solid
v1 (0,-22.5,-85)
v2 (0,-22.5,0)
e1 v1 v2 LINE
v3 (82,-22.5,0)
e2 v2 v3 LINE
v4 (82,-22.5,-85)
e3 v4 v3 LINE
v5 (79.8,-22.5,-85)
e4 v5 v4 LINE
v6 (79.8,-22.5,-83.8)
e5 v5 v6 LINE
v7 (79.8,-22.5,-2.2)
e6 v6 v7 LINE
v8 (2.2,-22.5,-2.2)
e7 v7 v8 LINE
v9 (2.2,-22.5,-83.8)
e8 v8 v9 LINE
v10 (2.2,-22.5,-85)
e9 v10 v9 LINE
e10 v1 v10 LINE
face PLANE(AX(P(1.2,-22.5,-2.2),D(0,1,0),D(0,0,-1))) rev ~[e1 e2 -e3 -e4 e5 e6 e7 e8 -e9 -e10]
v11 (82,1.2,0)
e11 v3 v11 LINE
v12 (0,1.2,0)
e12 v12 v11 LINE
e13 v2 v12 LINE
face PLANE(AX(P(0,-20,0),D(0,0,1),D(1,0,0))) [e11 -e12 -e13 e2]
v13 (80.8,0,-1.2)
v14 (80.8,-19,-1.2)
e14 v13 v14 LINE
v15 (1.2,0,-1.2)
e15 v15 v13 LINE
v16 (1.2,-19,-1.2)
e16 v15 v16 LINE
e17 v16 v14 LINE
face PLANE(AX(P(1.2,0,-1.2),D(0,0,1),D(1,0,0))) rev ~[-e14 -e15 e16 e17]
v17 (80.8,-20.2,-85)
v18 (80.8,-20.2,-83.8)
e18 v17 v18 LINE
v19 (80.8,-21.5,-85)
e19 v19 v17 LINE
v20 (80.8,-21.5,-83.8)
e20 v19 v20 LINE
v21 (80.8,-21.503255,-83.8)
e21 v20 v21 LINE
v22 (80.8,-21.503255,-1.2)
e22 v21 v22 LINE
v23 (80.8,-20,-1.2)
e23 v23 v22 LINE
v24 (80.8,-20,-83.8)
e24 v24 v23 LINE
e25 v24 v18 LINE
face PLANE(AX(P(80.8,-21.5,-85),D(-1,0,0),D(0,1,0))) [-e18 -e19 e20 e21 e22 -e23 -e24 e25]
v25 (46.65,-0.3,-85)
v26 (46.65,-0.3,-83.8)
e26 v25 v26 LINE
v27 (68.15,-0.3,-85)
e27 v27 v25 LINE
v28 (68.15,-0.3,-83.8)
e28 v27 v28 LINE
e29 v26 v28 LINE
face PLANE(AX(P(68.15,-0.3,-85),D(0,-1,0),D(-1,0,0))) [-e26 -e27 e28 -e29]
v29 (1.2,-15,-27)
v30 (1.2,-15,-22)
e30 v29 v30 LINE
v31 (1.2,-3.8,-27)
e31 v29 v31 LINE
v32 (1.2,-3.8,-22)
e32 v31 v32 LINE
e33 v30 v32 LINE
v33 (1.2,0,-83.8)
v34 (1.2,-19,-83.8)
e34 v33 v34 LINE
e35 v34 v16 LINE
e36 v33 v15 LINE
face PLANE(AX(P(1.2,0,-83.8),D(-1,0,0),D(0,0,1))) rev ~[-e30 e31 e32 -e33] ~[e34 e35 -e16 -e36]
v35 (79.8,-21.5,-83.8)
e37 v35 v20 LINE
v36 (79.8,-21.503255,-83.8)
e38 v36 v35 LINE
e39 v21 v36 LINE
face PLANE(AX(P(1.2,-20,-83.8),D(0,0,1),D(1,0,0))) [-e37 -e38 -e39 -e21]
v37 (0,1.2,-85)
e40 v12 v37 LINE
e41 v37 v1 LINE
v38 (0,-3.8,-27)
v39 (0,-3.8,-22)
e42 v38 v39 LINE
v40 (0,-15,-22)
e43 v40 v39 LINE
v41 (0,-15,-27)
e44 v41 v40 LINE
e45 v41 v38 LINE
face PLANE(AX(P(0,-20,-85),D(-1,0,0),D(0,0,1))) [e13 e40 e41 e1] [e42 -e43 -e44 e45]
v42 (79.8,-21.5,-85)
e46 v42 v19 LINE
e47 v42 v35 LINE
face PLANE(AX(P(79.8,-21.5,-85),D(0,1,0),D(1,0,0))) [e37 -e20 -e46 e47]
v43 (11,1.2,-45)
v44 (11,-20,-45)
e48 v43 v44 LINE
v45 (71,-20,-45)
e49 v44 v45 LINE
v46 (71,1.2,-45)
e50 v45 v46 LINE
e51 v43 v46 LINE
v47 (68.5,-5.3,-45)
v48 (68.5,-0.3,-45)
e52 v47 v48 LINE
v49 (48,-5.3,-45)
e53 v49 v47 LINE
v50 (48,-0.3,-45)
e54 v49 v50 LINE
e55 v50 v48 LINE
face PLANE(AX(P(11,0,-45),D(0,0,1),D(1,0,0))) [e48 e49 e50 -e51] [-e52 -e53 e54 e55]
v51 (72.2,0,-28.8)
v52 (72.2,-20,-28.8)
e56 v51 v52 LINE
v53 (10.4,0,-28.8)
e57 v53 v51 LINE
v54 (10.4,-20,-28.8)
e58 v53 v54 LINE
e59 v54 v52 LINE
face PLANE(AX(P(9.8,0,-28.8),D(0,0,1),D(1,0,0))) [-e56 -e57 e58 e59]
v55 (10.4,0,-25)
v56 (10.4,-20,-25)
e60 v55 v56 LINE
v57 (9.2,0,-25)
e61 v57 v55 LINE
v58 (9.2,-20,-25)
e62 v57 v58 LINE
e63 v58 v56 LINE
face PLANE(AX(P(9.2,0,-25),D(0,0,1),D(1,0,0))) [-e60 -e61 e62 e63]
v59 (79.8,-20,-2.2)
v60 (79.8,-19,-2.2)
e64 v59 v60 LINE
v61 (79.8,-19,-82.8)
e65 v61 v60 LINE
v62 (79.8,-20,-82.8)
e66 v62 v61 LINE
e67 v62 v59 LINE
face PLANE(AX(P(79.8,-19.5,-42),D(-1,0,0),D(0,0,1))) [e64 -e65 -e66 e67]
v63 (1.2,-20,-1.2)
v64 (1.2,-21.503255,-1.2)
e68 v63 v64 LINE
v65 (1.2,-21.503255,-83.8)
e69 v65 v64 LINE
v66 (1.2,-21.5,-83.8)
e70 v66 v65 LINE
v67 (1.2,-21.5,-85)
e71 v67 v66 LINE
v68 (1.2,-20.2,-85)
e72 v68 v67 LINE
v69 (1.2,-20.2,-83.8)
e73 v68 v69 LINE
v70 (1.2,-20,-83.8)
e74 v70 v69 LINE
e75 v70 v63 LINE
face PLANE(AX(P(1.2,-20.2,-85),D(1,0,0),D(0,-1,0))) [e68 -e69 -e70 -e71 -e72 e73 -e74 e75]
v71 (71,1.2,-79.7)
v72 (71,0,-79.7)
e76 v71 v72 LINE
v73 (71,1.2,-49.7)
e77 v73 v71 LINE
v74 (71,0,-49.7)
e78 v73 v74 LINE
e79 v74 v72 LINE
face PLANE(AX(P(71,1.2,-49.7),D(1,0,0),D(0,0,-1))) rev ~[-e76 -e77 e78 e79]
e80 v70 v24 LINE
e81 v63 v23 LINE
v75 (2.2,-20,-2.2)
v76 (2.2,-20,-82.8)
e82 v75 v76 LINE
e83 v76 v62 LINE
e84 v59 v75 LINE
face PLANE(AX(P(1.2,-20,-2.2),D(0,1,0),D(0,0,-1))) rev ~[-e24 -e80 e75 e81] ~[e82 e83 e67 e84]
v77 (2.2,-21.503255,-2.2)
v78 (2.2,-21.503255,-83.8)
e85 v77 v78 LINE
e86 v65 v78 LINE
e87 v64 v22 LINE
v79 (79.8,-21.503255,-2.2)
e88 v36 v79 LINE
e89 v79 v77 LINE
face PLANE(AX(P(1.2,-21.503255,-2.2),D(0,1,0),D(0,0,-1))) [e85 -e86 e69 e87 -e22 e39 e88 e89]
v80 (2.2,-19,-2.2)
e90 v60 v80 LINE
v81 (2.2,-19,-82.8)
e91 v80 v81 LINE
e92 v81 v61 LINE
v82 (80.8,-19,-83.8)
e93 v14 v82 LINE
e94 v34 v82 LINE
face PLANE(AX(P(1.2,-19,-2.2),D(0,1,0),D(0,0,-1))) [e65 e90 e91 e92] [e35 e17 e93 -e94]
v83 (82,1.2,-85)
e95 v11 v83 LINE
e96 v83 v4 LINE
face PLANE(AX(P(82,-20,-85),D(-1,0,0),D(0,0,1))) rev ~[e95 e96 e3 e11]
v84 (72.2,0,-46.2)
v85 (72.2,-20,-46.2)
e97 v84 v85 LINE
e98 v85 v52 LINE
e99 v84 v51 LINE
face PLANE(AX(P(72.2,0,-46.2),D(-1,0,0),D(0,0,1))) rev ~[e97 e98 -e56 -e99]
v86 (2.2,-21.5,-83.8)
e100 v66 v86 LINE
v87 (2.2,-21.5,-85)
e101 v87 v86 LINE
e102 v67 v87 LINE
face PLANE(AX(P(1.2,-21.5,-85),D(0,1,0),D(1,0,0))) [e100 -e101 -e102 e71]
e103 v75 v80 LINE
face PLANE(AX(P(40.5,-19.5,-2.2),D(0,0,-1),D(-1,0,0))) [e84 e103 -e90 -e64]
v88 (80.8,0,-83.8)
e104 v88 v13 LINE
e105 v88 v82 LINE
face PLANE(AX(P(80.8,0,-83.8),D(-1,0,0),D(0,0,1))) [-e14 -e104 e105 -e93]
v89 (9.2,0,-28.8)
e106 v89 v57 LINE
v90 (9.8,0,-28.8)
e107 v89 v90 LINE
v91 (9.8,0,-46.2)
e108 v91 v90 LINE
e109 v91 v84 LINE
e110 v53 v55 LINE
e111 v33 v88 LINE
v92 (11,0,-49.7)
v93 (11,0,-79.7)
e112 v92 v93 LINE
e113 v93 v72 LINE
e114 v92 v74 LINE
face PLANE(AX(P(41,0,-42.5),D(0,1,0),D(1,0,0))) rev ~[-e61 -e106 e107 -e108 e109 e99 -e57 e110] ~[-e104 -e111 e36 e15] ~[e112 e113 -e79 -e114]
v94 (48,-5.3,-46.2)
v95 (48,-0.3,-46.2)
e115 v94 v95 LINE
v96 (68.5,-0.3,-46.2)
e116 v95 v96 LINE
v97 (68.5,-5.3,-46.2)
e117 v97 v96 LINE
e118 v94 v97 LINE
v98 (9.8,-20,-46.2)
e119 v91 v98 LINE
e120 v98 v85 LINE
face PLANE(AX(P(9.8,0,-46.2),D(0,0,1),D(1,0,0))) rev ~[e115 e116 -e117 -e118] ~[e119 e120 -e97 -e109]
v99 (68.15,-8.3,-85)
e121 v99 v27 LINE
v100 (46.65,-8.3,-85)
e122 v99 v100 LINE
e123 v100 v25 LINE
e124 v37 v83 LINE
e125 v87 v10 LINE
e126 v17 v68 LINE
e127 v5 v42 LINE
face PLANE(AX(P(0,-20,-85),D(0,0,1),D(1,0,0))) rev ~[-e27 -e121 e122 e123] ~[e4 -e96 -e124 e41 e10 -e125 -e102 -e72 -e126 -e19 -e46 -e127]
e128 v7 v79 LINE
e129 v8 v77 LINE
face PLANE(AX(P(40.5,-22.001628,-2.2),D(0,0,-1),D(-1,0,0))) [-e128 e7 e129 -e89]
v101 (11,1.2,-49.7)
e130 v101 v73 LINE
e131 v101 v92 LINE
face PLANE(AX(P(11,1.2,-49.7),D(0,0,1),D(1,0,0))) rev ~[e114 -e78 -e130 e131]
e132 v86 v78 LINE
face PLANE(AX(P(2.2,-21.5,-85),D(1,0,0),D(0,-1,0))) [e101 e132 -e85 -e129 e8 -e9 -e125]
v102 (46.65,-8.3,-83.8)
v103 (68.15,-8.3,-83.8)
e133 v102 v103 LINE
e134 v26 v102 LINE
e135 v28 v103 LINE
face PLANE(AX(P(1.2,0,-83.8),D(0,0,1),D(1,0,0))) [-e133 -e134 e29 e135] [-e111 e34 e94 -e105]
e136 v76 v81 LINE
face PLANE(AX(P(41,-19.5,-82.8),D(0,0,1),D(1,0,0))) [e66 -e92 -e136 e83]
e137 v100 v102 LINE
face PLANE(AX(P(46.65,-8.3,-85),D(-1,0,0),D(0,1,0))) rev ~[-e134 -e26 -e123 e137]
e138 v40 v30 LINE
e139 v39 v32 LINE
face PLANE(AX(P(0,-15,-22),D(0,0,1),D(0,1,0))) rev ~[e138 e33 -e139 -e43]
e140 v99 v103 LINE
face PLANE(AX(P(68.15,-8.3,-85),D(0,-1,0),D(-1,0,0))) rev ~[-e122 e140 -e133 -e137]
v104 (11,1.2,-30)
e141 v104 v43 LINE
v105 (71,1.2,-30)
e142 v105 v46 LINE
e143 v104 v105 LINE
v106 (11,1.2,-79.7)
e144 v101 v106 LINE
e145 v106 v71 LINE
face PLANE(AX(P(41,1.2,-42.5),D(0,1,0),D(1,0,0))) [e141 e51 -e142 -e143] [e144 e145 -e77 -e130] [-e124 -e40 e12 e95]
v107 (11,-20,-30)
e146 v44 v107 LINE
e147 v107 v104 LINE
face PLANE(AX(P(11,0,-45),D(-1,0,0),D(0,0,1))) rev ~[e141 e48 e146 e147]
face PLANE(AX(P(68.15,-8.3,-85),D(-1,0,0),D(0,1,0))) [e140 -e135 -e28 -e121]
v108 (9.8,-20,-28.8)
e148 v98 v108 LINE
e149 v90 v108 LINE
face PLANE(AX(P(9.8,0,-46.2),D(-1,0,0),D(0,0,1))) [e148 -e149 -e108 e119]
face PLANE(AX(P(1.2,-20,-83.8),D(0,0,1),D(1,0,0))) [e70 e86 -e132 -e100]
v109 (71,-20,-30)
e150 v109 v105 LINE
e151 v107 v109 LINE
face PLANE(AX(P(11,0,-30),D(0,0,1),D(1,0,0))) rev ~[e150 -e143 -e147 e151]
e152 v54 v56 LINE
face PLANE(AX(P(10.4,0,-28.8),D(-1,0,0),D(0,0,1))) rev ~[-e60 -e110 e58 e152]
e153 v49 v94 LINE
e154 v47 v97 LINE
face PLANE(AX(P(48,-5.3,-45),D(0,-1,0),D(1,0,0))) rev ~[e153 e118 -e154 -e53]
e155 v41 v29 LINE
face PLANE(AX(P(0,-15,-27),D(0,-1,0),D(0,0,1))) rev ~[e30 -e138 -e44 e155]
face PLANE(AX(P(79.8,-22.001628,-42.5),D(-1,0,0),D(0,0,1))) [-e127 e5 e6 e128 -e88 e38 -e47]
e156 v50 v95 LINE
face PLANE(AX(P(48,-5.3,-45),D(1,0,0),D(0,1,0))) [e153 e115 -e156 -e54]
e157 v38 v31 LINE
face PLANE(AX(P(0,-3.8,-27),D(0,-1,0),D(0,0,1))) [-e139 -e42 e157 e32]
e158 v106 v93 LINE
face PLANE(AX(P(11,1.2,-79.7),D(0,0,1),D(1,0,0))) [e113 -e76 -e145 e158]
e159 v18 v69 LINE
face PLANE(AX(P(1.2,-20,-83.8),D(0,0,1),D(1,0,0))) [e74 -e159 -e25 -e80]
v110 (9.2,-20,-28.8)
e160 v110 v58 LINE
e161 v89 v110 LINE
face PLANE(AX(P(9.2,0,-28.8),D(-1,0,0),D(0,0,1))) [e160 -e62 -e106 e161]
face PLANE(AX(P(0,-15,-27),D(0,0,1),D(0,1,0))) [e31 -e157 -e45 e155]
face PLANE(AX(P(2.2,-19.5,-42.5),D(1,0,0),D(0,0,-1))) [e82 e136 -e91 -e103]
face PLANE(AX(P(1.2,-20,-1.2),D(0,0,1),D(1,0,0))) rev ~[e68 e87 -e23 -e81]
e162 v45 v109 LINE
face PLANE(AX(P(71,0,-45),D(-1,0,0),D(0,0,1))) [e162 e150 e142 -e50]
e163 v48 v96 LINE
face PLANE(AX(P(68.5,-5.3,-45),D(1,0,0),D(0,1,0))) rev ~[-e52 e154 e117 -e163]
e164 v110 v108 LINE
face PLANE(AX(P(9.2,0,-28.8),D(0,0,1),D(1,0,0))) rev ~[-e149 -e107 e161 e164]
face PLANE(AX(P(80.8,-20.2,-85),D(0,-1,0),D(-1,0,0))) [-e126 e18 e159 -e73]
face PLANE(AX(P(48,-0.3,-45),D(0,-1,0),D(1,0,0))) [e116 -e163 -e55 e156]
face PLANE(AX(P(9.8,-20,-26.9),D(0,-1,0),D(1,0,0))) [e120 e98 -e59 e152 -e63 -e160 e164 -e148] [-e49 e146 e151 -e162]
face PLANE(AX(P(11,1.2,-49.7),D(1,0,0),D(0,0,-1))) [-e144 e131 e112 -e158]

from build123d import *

# Parameters (mm, degrees)
SKETCH1_W            = 82
SKETCH1_H            = 85
BOSS_EXTRUDE1_DEPTH  = 1.2
SKETCH2_W            = 60
SKETCH2_H            = 30
CUT_EXTRUDE1_DEPTH   = 2
SKETCH3_W            = 60
SKETCH3_H            = 15
CUT_EXTRUDE2_DEPTH   = 2
SKETCH4_W            = 82
SKETCH4_H            = 85
SKETCH4_W_2          = 79.6
SKETCH4_H_2          = 82.6
BOSS_EXTRUDE2_DEPTH  = 20
SKETCH5_W            = 62.4
SKETCH5_H            = 17.4
SKETCH5_W_2          = 60
SKETCH5_H_2          = 15
BOSS_EXTRUDE4_DEPTH  = 20
SKETCH10_W           = 1.2
SKETCH10_H           = 3.8
BOSS_EXTRUDE5_DEPTH  = 20
SKETCH11_W           = 5
SKETCH11_H           = 11.2
CUT_EXTRUDE3_DEPTH   = 1.5
SKETCH12_W           = 21.5
SKETCH12_H           = 8
CUT_EXTRUDE4_DEPTH   = 1.5
SKETCH15_W           = 20.5
SKETCH15_H           = 5
CUT_EXTRUDE5_DEPTH   = 1.5
SKETCH16_W           = 79.6
SKETCH16_H           = 1
BOSS_EXTRUDE6_DEPTH  = 1
SKETCH17_W           = 81.6
SKETCH17_H           = 1
BOSS_EXTRUDE7_DEPTH  = 1
SKETCH18_W           = 78.6
SKETCH18_H           = 1
BOSS_EXTRUDE8_DEPTH  = 1
SKETCH19_W           = 80.6
SKETCH19_H           = 1
BOSS_EXTRUDE9_DEPTH  = 1
SKETCH20_W           = 82
SKETCH20_H           = 85
SKETCH20_W_2         = 79.6
SKETCH20_H_2         = 82.6
BOSS_EXTRUDE10_DEPTH = 2.5
SKETCH23_W           = 82.6
SKETCH23_H           = 0.996744569
BOSS_EXTRUDE11_DEPTH = 1
SKETCH25_W           = 78.6
SKETCH25_H           = 0.996744569
BOSS_EXTRUDE13_DEPTH = 1
SKETCH27_W           = 81.6
SKETCH27_H           = 0.996744569
BOSS_EXTRUDE14_DEPTH = 1
CUT_EXTRUDE7_DEPTH   = 1.2


with BuildPart() as part:
    # Sketch1 → Boss-Extrude1 (new body)
    with BuildSketch(Plane(origin=(0, 0, 0), x_dir=(1, 0, 0), z_dir=(0, 1, 0))):
        with Locations((41, 42.5)):
            Rectangle(SKETCH1_W, SKETCH1_H)
    extrude(amount=BOSS_EXTRUDE1_DEPTH)

    # Sketch2 → Cut-Extrude1 (cut)
    with BuildSketch(Plane(origin=(0, 1.2, 0), x_dir=(1, 0, 0), z_dir=(0, 1, 0))):
        with Locations((41, 64.7)):
            Rectangle(SKETCH2_W, SKETCH2_H)
    extrude(amount=-CUT_EXTRUDE1_DEPTH, mode=Mode.SUBTRACT)

    # Sketch3 → Cut-Extrude2 (cut)
    with BuildSketch(Plane(origin=(0, 1.2, 0), x_dir=(1, 0, 0), z_dir=(0, 1, 0))):
        with Locations((41, 37.5)):
            Rectangle(SKETCH3_W, SKETCH3_H)
    extrude(amount=-CUT_EXTRUDE2_DEPTH, mode=Mode.SUBTRACT)

    # Sketch4 → Boss-Extrude2 (add)
    with BuildSketch(Plane.XZ):
        with Locations((41, -42.5)):
            Rectangle(SKETCH4_W, SKETCH4_H)
        with Locations((41, -42.5)):
            Rectangle(SKETCH4_W_2, SKETCH4_H_2, mode=Mode.SUBTRACT)
    extrude(amount=BOSS_EXTRUDE2_DEPTH)

    # Sketch5 → Boss-Extrude4 (add)
    with BuildSketch(Plane.XZ):
        with Locations((41, -37.5)):
            Rectangle(SKETCH5_W, SKETCH5_H)
        with Locations((41, -37.5)):
            Rectangle(SKETCH5_W_2, SKETCH5_H_2, mode=Mode.SUBTRACT)
    extrude(amount=BOSS_EXTRUDE4_DEPTH)

    # Sketch10 → Boss-Extrude5 (add)
    with BuildSketch(Plane.XZ):
        with Locations((9.8, -26.9)):
            Rectangle(SKETCH10_W, SKETCH10_H)
    extrude(amount=BOSS_EXTRUDE5_DEPTH)

    # Sketch11 → Cut-Extrude3 (cut)
    with BuildSketch(Plane.ZY):
        with Locations((-24.5, -9.4)):
            Rectangle(SKETCH11_W, SKETCH11_H)
    extrude(amount=-CUT_EXTRUDE3_DEPTH, mode=Mode.SUBTRACT)

    # Sketch12 → Cut-Extrude4 (cut)
    with BuildSketch(Plane(origin=(0, 0, -85), x_dir=(-1, 0, 0), z_dir=(0, 0, -1))):
        with Locations((-57.4, -4.3)):
            Rectangle(SKETCH12_W, SKETCH12_H)
    extrude(amount=-CUT_EXTRUDE4_DEPTH, mode=Mode.SUBTRACT)

    # Sketch15 → Cut-Extrude5 (cut)
    with BuildSketch(Plane.XY.offset(-45)):
        with Locations((58.25, -2.8)):
            Rectangle(SKETCH15_W, SKETCH15_H)
    extrude(amount=-CUT_EXTRUDE5_DEPTH, mode=Mode.SUBTRACT)

    # Sketch16 → Boss-Extrude6 (add)
    with BuildSketch(Plane.XY.offset(-83.8)):
        with Locations((41, -19.5)):
            Rectangle(SKETCH16_W, SKETCH16_H)
    extrude(amount=BOSS_EXTRUDE6_DEPTH)

    # Sketch17 → Boss-Extrude7 (add)
    with BuildSketch(Plane.ZY.offset(-80.8)):
        with Locations((-42, -19.5)):
            Rectangle(SKETCH17_W, SKETCH17_H)
    extrude(amount=BOSS_EXTRUDE7_DEPTH)

    # Sketch18 → Boss-Extrude8 (add)
    with BuildSketch(Plane(origin=(0, 0, -1.2), x_dir=(-1, 0, 0), z_dir=(0, 0, -1))):
        with Locations((-40.5, -19.5)):
            Rectangle(SKETCH18_W, SKETCH18_H)
    extrude(amount=BOSS_EXTRUDE8_DEPTH)

    # Sketch19 → Boss-Extrude9 (add)
    with BuildSketch(Plane(origin=(1.2, 0, 0), x_dir=(0, 0, -1), z_dir=(1, 0, 0))):
        with Locations((42.5, -19.5)):
            Rectangle(SKETCH19_W, SKETCH19_H)
    extrude(amount=BOSS_EXTRUDE9_DEPTH)

    # Sketch20 → Boss-Extrude10 (add)
    with BuildSketch(Plane.XZ.offset(20)):
        with Locations((41, -42.5)):
            Rectangle(SKETCH20_W, SKETCH20_H)
        with Locations((41, -42.5)):
            Rectangle(SKETCH20_W_2, SKETCH20_H_2, mode=Mode.SUBTRACT)
    extrude(amount=BOSS_EXTRUDE10_DEPTH)

    # Sketch23 → Boss-Extrude11 (add)
    with BuildSketch(Plane.ZY.offset(-80.8)):
        with Locations((-42.5, -22.001627715)):
            Rectangle(SKETCH23_W, SKETCH23_H)
    extrude(amount=BOSS_EXTRUDE11_DEPTH)

    # Sketch25 → Boss-Extrude13 (add)
    with BuildSketch(Plane(origin=(0, 0, -1.2), x_dir=(-1, 0, 0), z_dir=(0, 0, -1))):
        with Locations((-40.5, -22.001627715)):
            Rectangle(SKETCH25_W, SKETCH25_H)
    extrude(amount=BOSS_EXTRUDE13_DEPTH)

    # Sketch27 → Boss-Extrude14 (add)
    with BuildSketch(Plane(origin=(1.2, 0, 0), x_dir=(0, 0, -1), z_dir=(1, 0, 0))):
        with Locations((43, -22.001627715)):
            Rectangle(SKETCH27_W, SKETCH27_H)
    extrude(amount=BOSS_EXTRUDE14_DEPTH)

    # Sketch28 → Cut-Extrude7 (cut)
    with BuildSketch(Plane(origin=(0, 0, -85), x_dir=(-1, 0, 0), z_dir=(0, 0, -1))):
        Polygon((-79.8, -22.5), (-79.8, -21.5), (-80.8, -21.5), (-80.8, -20.2), (-1.2, -20.2), (-1.2, -21.5), (-2.2, -21.5), (-2.2, -22.5), align=None)
    extrude(amount=-CUT_EXTRUDE7_DEPTH, mode=Mode.SUBTRACT)


solid = part.part
